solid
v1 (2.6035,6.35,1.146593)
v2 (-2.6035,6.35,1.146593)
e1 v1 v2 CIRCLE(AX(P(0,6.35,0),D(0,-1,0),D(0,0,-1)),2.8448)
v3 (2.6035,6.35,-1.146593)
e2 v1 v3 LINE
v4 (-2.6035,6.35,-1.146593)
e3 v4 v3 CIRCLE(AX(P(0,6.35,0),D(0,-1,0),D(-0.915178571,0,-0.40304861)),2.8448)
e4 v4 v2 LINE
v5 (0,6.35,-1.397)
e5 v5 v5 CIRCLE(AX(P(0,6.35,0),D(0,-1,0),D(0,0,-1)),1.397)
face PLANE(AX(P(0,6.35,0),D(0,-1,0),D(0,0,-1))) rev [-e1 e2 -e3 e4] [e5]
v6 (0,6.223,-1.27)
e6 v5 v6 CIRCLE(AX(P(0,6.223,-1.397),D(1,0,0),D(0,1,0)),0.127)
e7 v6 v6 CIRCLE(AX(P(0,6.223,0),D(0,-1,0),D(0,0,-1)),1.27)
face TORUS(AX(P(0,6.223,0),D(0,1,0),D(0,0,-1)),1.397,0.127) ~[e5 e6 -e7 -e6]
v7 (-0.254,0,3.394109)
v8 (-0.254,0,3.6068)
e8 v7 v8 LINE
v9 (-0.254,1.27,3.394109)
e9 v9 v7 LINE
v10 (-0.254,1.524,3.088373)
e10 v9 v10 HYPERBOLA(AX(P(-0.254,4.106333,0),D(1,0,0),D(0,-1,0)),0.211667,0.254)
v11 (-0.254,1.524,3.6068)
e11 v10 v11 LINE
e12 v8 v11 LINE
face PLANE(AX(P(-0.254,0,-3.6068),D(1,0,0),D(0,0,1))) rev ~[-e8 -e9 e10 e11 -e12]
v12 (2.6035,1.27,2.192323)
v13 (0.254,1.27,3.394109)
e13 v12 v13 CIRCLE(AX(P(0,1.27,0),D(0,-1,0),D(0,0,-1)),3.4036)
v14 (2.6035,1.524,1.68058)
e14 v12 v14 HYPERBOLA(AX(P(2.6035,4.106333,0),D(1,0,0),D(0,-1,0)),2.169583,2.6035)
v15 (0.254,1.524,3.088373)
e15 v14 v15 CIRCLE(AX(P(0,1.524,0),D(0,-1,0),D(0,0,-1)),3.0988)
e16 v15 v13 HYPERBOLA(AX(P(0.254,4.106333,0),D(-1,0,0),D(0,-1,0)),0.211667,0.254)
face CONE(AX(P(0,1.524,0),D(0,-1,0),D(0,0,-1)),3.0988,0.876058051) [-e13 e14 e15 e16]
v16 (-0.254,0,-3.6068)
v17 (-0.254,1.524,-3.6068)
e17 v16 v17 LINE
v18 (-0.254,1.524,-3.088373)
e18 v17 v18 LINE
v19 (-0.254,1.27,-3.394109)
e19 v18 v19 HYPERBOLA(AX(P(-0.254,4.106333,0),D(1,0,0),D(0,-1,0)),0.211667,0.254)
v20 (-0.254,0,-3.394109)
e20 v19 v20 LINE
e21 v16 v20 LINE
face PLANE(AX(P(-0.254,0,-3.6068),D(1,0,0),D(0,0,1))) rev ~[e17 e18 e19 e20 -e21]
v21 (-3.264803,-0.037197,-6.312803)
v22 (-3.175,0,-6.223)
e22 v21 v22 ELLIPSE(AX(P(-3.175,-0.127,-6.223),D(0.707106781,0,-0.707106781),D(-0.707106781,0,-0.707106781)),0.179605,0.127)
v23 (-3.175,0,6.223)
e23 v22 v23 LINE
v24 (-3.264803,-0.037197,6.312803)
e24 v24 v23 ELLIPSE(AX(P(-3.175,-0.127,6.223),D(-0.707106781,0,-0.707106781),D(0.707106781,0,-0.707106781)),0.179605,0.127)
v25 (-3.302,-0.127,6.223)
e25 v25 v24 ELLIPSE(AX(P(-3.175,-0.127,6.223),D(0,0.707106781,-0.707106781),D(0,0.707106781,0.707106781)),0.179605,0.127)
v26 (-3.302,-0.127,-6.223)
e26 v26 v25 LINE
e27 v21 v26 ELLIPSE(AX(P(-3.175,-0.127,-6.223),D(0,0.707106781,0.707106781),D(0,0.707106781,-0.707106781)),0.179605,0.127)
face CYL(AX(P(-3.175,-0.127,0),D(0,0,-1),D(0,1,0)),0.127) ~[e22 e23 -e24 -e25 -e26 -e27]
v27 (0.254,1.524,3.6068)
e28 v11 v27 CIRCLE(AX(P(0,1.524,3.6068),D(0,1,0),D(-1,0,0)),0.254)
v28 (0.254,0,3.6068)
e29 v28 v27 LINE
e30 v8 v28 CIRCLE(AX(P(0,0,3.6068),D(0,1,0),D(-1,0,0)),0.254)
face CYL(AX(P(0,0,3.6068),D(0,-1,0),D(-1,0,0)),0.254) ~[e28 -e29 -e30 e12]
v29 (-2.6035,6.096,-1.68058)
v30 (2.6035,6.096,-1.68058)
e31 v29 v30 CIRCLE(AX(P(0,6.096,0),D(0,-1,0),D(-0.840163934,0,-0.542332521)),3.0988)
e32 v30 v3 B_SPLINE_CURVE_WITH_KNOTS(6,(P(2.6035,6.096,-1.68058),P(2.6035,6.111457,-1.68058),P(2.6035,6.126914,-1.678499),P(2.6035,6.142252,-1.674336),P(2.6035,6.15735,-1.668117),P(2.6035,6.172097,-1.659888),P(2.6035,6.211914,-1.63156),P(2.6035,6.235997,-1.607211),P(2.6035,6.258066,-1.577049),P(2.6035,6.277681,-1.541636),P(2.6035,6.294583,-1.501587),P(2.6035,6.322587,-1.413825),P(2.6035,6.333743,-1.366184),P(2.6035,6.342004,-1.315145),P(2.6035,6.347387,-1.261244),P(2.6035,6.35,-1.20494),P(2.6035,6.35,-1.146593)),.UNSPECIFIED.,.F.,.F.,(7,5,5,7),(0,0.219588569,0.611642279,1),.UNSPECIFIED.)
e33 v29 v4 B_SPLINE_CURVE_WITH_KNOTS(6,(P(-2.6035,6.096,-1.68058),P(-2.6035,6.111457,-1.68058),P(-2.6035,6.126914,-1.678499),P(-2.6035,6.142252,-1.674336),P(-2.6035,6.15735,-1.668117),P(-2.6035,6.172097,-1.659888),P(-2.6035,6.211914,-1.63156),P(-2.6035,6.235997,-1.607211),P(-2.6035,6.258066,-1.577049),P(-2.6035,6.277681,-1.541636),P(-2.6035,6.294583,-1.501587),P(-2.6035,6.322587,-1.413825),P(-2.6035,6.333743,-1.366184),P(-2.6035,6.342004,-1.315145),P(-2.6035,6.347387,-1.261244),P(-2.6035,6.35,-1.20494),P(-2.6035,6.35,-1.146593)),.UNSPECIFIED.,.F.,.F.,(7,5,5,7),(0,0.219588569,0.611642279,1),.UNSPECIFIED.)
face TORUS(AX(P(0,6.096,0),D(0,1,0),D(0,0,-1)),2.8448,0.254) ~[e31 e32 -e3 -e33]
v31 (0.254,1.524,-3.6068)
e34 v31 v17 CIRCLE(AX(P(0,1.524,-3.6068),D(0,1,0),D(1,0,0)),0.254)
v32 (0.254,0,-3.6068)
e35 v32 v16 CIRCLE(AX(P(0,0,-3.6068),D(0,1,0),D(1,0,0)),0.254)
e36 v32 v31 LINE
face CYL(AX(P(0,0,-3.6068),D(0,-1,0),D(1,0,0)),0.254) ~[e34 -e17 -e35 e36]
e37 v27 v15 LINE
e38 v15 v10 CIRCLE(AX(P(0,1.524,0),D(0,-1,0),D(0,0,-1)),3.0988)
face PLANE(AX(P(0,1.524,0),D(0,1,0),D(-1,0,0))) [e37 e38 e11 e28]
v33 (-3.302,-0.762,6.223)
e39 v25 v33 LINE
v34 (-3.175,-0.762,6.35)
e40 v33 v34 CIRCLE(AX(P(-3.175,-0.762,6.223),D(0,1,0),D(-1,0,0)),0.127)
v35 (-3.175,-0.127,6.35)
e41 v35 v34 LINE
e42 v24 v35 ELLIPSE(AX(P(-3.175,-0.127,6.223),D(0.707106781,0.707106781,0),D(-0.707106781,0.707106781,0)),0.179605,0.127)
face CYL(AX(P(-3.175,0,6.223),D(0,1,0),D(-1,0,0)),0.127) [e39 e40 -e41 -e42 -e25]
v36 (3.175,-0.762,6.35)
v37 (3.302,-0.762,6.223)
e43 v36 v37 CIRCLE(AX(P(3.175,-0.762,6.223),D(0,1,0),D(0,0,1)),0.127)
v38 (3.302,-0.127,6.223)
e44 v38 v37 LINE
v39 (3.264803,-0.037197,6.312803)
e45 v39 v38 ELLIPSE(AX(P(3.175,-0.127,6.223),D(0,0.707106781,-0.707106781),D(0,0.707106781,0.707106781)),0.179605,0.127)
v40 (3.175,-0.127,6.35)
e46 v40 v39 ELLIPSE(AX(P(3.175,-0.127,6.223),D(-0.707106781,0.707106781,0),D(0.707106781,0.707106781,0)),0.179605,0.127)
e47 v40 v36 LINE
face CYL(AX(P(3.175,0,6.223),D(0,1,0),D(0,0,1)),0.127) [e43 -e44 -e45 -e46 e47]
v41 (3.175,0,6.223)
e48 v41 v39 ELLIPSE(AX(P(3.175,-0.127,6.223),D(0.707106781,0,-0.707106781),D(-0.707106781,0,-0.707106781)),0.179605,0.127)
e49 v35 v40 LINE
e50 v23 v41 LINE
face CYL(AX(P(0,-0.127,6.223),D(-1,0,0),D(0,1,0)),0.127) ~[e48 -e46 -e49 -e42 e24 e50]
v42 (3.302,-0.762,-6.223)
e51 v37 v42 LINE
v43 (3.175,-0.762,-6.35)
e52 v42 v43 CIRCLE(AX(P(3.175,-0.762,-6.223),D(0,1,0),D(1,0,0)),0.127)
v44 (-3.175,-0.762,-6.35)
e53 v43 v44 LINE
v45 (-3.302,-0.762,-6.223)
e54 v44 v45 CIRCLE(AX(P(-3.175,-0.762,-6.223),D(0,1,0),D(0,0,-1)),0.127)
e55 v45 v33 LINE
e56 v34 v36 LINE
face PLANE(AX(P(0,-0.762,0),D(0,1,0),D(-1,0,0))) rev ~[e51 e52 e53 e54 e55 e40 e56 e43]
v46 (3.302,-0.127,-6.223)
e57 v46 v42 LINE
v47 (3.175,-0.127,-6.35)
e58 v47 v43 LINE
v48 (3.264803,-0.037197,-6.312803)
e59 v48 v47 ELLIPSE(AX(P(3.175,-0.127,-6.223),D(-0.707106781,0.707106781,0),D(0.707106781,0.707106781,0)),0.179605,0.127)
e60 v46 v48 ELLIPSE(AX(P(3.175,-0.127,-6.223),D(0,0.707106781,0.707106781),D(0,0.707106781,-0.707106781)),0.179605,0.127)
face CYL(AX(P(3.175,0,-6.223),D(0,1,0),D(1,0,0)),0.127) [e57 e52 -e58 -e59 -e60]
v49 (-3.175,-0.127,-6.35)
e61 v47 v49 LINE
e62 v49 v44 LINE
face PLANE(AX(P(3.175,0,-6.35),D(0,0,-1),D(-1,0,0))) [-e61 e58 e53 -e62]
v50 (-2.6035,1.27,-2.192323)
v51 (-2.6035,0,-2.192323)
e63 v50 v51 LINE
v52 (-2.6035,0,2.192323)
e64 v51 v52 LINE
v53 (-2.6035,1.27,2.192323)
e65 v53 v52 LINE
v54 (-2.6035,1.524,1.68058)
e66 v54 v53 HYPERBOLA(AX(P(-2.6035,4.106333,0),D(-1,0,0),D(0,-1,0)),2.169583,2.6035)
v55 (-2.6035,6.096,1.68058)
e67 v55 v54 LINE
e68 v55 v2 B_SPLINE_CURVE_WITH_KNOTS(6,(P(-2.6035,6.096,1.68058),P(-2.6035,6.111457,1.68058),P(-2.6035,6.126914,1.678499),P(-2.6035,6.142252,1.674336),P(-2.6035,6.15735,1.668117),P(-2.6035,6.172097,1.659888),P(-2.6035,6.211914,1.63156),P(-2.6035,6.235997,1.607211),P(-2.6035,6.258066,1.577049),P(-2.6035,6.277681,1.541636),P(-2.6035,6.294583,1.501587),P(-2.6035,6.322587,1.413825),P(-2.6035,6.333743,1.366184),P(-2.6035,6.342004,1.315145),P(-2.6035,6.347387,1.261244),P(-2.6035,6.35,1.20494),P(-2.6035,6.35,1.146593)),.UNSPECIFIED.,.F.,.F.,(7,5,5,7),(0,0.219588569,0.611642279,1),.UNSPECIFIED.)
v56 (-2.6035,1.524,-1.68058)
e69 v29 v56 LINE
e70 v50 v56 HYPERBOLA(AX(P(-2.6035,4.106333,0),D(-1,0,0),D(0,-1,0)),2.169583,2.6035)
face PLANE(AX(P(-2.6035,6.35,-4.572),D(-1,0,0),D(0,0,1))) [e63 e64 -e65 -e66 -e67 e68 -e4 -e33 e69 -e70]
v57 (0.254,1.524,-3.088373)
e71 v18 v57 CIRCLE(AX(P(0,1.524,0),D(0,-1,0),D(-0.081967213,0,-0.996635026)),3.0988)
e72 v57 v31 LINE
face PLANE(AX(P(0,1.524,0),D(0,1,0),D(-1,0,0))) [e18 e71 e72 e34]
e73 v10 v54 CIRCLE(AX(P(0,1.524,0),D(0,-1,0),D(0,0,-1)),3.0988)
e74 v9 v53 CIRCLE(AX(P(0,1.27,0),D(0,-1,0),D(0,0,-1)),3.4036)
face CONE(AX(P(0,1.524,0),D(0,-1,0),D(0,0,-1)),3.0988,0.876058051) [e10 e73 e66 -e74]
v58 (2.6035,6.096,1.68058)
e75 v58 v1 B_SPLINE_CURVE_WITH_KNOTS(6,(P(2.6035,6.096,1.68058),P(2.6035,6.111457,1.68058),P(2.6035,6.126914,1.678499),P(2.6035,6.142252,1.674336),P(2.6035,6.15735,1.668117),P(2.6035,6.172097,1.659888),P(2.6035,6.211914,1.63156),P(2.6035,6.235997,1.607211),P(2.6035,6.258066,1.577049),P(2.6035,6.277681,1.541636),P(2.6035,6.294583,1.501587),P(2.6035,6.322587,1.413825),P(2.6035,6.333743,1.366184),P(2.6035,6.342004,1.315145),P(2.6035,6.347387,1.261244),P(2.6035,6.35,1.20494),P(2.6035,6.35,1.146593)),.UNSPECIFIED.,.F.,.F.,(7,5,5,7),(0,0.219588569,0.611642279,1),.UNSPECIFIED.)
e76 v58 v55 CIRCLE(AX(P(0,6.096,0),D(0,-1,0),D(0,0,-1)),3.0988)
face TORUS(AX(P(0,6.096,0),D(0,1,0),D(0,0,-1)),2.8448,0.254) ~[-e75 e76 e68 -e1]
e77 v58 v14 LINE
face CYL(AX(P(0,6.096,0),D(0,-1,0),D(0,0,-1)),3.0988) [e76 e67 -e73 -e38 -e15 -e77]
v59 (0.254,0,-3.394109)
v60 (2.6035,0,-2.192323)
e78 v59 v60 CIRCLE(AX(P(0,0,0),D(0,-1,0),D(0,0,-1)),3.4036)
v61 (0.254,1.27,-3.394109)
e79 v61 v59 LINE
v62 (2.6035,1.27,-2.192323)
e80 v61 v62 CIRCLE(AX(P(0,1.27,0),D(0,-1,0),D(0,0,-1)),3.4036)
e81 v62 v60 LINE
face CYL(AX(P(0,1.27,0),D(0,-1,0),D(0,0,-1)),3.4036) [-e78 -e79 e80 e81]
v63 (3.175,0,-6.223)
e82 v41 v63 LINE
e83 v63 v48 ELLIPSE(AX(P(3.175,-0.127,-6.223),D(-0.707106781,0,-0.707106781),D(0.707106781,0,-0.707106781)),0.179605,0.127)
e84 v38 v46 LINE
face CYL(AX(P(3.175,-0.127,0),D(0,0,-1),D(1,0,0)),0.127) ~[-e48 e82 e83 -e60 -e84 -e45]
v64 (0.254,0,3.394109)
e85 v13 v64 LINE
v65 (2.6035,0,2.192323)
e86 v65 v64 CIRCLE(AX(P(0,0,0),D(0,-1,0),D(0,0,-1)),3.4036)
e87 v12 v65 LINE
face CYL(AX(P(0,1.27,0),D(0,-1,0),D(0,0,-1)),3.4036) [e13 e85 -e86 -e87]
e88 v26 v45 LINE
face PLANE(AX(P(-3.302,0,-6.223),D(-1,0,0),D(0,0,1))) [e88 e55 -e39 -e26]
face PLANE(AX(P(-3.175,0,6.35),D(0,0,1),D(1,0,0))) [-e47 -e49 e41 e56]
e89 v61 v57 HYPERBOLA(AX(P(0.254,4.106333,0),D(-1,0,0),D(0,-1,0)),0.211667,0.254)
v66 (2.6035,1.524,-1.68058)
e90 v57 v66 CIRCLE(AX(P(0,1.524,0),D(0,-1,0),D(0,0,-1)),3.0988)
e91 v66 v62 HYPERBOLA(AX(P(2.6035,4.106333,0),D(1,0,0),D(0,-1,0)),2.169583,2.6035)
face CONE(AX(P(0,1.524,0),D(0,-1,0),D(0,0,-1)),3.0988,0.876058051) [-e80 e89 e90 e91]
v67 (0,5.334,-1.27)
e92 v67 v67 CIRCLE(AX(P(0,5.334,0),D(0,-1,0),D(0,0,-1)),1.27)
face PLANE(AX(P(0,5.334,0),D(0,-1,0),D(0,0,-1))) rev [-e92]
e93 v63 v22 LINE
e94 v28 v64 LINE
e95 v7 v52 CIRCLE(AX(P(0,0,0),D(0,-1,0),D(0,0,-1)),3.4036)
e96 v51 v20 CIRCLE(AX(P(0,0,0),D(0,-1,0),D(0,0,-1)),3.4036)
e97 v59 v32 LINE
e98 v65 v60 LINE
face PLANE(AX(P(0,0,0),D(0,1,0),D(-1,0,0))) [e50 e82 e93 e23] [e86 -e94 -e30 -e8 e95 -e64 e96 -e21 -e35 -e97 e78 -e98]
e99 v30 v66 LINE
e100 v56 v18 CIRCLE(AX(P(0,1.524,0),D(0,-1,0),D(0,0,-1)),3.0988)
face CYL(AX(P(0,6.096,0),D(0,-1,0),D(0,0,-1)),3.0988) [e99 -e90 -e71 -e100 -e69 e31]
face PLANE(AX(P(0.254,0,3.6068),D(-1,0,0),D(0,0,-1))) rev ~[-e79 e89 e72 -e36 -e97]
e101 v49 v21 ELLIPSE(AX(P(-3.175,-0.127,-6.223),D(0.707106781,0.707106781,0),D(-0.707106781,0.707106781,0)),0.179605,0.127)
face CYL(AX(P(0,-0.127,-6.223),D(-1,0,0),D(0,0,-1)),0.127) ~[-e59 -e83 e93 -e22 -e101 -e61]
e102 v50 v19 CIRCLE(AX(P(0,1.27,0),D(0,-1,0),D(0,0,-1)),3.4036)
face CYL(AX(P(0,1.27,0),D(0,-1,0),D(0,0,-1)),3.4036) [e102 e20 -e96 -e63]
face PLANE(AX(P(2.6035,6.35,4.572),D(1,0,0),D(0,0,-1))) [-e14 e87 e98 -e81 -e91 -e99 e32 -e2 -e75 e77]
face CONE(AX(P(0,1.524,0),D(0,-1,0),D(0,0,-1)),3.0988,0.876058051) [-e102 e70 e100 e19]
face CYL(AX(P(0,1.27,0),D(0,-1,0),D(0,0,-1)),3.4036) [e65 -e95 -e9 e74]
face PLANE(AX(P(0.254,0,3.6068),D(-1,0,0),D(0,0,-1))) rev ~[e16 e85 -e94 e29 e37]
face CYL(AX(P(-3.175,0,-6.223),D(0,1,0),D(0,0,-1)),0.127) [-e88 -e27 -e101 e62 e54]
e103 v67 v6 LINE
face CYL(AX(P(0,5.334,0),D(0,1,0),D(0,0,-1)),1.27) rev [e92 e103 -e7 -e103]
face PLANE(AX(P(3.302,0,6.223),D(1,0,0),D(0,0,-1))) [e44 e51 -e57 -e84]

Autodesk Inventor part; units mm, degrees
sketch "Sketch_1" plane through (0, 0, 0) normal (0, 1, 0) x (-1, 0, 0)
  line L0 (3.302, -6.223) -> (3.302, 6.223)
  arc A0 (3.302, 6.223) -> (3.175, 6.35) centre (3.175, 6.223) ccw
  line L1 (3.175, 6.35) -> (-3.175, 6.35)
  arc A1 (-3.175, 6.35) -> (-3.302, 6.223) centre (-3.175, 6.223) ccw
  line L2 (-3.302, 6.223) -> (-3.302, -6.223)
  arc A2 (-3.302, -6.223) -> (-3.175, -6.35) centre (-3.175, -6.223) ccw
  line L3 (-3.175, -6.35) -> (3.175, -6.35)
  arc A3 (3.175, -6.35) -> (3.302, -6.223) centre (3.175, -6.223) ccw
extrude "Extrusion1" add sketch "Sketch_1" against normal blind 0.762
sketch "Sketch_2" plane through (0, 0, 0) normal (0, 0, 1) x (1, 0, 0)
  line L0 (-3.302, 0.254) -> (-3.302, -0.127)
  arc A0 (-3.175, 0) -> (-3.302, -0.127) centre (-3.175, -0.127) ccw
  line L1 (-3.175, 0) -> (3.175, 0)
  arc A1 (3.302, -0.127) -> (3.175, 0) centre (3.175, -0.127) ccw
  line L2 (3.302, -0.127) -> (3.302, 0.254)
  line L3 (3.302, 0.254) -> (-3.302, 0.254)
extrude "Extrusion2" cut sketch "Sketch_2" along normal mid plane 12.7
sketch "Sketch_3" plane through (0, 0, 0) normal (1, 0, 0) x (0, 1, 0)
  line L0 (0.254, 6.35) -> (-0.127, 6.35)
  arc A0 (0, 6.223) -> (-0.127, 6.35) centre (-0.127, 6.223) ccw
  line L1 (0, 6.223) -> (0, -6.223)
  arc A1 (-0.127, -6.35) -> (0, -6.223) centre (-0.127, -6.223) ccw
  line L2 (-0.127, -6.35) -> (0.254, -6.35)
  line L3 (0.254, -6.35) -> (0.254, 6.35)
extrude "Extrusion3" cut sketch "Sketch_3" along normal mid plane 12.7
sketch "Sketch_4" plane through (0, 0, 0) normal (1, 0, 0) x (0, 1, 0)
  line L0 (0, 0) -> (6.35, 0)
  line L1 (5.334, 0) -> (5.334, -1.27)
  line L2 (5.334, -1.27) -> (6.223, -1.27)
  arc A0 (6.35, -1.397) -> (6.223, -1.27) centre (6.223, -1.397) ccw
  line L3 (6.35, -1.397) -> (6.35, -2.8448)
  arc A1 (6.096, -3.0988) -> (6.35, -2.8448) centre (6.096, -2.8448) ccw
  line L4 (6.096, -3.0988) -> (1.524, -3.0988)
  line L5 (1.524, -3.0988) -> (1.27, -3.4036)
  line L6 (1.27, -3.4036) -> (0, -3.4036)
  line L7 (0, -3.4036) -> (0, 0)
  line L8 (0, 0) -> (5.334, 0)
revolve "Revolution1" add sketch "Sketch_4" angle 360 about axis through (0, 0, 0) along (0, -1, 0)
sketch "Sketch_5" plane through (0, 0, 0) normal (0, 1, 0) x (-1, 0, 0)
  line L0 (0.254, -3.6068) -> (0.254, 3.6068)
  arc A0 (0.254, 3.6068) -> (-0.254, 3.6068) centre (0, 3.6068) ccw
  line L1 (-0.254, 3.6068) -> (-0.254, -3.6068)
  arc A1 (-0.254, -3.6068) -> (0.254, -3.6068) centre (0, -3.6068) ccw
extrude "Extrusion4" add sketch "Sketch_5" along normal blind 1.524
sketch "Sketch_6" plane through (0, 6.35, 0) normal (0, 1, 0) x (1, 0, 0)
  line L0 (-3.8735, -5.08) -> (3.8735, -5.08)
  line L1 (3.8735, -5.08) -> (3.8735, 5.08)
  line L2 (3.8735, 5.08) -> (-3.8735, 5.08)
  line L3 (-3.8735, 5.08) -> (-3.8735, -5.08)
  line L4 (-2.6035, 4.572) -> (-2.6035, -4.572)
  line L5 (-2.6035, -4.572) -> (2.6035, -4.572)
  line L6 (2.6035, -4.572) -> (2.6035, 4.572)
  line L7 (2.6035, 4.572) -> (-2.6035, 4.572)
extrude "Extrusion5" cut sketch "Sketch_6" against normal blind 6.35
ref_plane "body_XY" through (0, -0.762, 0) normal (0, 1, 0) x (1, 0, 0)
ref_plane "body_YZ" through (0, -0.762, 0) normal (1, 0, 0) x (0, 0, -1)
ref_plane "body_ZX" through (0, -0.762, 0) normal (0, 0, -1) x (0, 1, 0)
ref_plane "bus_brac_XY" through (0, 0, 0) normal (0, -1, 0) x (1, 0, 0)
ref_plane "bus_brac_YZ" through (0, 0, 0) normal (1, 0, 0) x (0, 0, 1)
ref_plane "bus_brac_ZX" through (0, 0, 0) normal (0, 0, 1) x (0, -1, 0)
ref_plane "toggle_XY" through (0, 6.35, 0) normal (0, -1, 0) x (1, 0, 0)
ref_plane "toggle_YZ" through (0, 6.35, 0) normal (1, 0, 0) x (0, 0, 1)
ref_plane "toggle_ZX" through (0, 6.35, 0) normal (0, 0, 1) x (0, -1, 0)
properties part number "M2T12A5bush"
